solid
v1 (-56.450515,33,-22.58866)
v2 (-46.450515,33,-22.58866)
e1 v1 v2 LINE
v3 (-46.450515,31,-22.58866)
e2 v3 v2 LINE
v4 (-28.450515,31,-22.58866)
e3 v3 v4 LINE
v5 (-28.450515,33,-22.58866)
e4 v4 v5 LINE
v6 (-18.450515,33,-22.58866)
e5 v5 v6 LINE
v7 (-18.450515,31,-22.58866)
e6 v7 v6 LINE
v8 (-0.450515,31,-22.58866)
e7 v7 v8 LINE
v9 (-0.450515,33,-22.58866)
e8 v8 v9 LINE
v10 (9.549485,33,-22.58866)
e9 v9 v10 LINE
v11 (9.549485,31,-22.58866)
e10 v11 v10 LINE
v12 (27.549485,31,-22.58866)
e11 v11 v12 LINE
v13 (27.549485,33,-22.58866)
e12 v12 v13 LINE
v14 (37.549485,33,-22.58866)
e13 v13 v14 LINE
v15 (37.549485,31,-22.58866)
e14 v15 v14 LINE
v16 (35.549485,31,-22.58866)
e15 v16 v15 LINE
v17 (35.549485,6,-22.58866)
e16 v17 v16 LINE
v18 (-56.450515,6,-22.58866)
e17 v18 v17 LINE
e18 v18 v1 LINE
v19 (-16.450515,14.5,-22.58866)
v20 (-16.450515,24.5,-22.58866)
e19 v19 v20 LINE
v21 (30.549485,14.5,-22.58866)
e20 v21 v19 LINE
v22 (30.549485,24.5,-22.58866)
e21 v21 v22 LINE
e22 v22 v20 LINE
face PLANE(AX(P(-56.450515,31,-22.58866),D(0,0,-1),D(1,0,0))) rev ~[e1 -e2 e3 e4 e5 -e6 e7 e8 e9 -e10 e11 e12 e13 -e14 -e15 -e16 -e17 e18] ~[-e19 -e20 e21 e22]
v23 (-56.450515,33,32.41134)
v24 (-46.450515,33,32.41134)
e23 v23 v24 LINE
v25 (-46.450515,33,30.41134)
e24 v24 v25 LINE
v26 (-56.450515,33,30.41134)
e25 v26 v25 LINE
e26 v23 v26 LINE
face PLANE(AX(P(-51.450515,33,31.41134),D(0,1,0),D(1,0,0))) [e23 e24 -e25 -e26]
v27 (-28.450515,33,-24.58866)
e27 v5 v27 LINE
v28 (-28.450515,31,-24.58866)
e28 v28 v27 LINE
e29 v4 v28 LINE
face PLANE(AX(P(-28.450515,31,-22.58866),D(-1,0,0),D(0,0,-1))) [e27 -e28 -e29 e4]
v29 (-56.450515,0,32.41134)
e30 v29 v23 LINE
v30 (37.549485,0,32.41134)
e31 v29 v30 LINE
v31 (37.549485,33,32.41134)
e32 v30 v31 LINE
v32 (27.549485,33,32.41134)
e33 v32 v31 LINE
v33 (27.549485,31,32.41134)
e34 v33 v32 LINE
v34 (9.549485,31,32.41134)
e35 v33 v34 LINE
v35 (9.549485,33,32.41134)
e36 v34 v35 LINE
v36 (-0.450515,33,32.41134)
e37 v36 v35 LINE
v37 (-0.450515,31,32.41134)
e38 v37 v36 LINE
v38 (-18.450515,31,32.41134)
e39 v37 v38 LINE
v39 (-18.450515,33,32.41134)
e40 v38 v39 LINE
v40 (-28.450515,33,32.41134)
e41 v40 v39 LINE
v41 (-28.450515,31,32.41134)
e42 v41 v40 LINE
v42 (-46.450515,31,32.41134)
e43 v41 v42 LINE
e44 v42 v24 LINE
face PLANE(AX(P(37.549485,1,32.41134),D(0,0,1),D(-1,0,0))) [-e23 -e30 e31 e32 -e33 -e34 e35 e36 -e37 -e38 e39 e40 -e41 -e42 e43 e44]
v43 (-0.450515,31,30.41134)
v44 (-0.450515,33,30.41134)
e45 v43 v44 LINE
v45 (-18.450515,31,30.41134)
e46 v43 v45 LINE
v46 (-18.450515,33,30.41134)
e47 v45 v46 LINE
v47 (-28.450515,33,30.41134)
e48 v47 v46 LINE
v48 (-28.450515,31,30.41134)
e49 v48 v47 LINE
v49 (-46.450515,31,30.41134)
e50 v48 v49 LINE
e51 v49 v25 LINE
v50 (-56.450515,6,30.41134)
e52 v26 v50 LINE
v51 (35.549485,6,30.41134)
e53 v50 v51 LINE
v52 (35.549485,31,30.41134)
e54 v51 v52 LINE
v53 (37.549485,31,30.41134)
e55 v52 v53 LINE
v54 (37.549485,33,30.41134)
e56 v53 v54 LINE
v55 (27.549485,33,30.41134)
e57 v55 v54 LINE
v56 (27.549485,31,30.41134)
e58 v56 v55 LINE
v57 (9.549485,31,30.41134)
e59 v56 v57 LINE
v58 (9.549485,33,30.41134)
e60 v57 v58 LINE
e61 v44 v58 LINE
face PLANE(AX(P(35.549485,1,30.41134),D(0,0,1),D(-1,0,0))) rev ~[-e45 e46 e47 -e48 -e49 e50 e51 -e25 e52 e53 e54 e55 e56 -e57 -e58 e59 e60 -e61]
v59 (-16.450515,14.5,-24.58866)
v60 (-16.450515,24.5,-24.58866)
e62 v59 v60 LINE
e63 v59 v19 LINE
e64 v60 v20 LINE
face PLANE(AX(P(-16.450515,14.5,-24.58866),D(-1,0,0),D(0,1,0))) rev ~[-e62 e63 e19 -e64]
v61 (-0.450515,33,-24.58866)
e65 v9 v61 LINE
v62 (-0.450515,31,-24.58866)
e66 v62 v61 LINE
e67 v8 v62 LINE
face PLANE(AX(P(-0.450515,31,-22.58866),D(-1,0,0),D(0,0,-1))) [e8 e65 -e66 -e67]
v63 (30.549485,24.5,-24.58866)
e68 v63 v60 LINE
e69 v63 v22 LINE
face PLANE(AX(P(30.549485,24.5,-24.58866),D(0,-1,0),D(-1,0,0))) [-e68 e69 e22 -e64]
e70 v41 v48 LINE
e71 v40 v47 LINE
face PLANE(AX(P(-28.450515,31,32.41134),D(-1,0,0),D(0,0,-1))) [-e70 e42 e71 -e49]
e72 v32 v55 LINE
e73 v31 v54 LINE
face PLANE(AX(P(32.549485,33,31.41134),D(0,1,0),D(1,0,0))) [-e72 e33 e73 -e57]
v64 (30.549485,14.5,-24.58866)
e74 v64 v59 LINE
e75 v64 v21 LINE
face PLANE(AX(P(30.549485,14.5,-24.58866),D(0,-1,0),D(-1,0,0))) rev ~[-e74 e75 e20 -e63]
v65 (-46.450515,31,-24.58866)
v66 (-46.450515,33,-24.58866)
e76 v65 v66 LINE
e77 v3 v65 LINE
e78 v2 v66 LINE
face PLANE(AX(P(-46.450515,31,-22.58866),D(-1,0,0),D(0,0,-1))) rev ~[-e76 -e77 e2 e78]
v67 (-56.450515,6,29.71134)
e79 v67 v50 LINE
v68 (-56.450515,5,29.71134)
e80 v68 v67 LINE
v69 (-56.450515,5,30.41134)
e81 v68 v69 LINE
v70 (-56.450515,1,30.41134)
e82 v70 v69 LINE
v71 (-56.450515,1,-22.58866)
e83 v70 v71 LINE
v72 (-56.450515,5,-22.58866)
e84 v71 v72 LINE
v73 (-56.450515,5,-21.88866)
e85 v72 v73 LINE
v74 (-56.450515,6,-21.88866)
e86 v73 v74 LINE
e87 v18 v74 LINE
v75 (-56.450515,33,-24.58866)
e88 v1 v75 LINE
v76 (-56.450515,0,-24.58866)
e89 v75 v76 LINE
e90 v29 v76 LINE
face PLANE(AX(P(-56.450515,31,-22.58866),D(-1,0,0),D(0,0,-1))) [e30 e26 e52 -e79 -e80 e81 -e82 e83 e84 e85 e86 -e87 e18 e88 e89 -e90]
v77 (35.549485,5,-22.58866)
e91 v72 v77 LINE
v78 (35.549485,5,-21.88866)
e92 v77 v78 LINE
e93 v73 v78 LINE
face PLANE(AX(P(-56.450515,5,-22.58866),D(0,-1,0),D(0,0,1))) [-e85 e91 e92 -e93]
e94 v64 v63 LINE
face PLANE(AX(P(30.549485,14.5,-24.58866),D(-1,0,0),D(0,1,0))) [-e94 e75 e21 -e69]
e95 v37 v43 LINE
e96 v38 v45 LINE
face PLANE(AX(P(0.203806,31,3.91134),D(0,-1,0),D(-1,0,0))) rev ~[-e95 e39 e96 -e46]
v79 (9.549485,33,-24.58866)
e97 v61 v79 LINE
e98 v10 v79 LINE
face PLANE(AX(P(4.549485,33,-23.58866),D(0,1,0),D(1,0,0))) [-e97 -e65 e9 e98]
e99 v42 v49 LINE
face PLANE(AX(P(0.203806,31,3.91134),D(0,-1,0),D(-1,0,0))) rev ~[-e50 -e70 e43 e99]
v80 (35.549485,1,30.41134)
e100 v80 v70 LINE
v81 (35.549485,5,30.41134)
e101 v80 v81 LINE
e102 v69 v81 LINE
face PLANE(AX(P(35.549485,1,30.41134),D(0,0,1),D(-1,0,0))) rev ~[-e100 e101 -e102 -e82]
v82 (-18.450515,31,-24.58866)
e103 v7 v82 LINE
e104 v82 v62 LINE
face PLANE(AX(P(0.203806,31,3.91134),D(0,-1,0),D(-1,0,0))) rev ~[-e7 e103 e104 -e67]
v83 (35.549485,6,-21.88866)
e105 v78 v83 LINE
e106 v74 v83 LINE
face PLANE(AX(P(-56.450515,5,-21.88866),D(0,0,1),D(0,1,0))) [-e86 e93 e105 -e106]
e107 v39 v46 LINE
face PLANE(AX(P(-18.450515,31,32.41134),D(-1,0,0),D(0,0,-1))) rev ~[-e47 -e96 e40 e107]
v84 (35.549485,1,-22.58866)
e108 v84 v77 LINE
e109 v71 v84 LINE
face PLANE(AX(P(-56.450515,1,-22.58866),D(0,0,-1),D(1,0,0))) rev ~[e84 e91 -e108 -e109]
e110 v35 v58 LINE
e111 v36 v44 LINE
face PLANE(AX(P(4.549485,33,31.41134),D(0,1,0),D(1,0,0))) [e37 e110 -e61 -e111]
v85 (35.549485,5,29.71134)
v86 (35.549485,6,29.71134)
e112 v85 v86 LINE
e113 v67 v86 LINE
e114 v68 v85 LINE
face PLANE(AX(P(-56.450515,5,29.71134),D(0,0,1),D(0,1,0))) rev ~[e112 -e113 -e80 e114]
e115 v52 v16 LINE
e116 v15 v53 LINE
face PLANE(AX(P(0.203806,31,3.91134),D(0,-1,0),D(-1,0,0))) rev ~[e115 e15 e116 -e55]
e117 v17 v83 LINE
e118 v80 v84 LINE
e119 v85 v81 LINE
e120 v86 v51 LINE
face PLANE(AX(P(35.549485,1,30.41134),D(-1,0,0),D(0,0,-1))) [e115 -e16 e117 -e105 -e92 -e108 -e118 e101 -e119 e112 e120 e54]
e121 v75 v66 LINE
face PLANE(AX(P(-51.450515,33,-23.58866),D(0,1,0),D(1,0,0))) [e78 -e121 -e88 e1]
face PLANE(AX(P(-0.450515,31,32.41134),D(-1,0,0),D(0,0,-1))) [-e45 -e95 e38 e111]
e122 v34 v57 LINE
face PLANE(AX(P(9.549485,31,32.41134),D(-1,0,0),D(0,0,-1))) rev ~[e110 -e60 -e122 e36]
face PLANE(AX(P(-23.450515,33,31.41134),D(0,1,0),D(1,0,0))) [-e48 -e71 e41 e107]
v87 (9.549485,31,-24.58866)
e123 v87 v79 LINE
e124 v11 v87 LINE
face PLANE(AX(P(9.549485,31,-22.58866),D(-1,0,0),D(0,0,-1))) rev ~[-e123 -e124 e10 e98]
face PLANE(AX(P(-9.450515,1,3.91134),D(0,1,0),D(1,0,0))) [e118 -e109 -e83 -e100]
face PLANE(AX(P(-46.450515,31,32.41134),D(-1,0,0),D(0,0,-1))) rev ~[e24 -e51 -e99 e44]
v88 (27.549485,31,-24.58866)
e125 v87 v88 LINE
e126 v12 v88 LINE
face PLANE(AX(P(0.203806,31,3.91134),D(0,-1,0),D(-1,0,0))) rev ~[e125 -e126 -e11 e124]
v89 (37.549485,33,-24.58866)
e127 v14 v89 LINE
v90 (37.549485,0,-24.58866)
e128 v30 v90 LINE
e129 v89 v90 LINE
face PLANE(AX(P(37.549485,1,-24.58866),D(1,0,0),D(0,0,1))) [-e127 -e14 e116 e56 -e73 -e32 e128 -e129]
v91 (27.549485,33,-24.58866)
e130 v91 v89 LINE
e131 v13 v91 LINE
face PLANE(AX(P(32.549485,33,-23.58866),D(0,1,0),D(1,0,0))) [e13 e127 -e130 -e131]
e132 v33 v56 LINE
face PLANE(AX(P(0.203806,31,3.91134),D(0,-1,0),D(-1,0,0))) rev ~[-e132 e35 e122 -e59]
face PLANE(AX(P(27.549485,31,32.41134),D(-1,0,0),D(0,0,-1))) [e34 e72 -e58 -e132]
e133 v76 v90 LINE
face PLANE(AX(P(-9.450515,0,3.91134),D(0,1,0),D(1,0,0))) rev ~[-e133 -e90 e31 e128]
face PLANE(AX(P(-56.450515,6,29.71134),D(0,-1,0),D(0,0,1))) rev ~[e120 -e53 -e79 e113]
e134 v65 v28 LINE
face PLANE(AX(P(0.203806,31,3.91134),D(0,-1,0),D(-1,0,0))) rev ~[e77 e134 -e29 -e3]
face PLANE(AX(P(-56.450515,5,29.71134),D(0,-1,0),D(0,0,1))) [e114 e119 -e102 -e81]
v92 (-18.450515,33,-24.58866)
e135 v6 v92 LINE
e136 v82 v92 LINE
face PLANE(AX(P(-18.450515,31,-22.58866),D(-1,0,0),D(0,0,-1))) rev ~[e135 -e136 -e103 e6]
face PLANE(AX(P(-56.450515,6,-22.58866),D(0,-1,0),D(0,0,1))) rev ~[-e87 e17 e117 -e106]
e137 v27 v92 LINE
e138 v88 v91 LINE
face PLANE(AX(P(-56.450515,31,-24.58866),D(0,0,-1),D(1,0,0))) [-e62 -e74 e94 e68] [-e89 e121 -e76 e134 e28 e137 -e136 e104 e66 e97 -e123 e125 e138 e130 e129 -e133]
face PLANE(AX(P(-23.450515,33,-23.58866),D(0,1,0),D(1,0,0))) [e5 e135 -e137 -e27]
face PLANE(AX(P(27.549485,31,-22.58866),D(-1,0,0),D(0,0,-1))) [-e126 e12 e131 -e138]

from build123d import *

# Parameters (mm, degrees)
SKETCH1_W           = 94
SKETCH1_H           = 57
BOSS_EXTRUDE1_DEPTH = 1
BOSS_EXTRUDE3_DEPTH = 30
SKETCH5_W           = 0.7
SKETCH5_H           = 1
BOSS_EXTRUDE4_DEPTH = 92
SKETCH6_W           = 47
SKETCH6_H           = 10
CUT_EXTRUDE2_DEPTH  = 30
SKETCH7_W           = 10
SKETCH7_H           = 2
BOSS_EXTRUDE5_DEPTH = 2


with BuildPart() as part:
    # Sketch1 → Boss-Extrude1 (new body)
    with BuildSketch(Plane(origin=(0, 0, 0), x_dir=(1, 0, 0), z_dir=(0, 1, 0))):
        with Locations((-9.450515464, -3.911340206)):
            Rectangle(SKETCH1_W, SKETCH1_H)
    extrude(amount=BOSS_EXTRUDE1_DEPTH)

    # Sketch2 → Boss-Extrude3 (add)
    with BuildSketch(Plane(origin=(0, 1, 0), x_dir=(1, 0, 0), z_dir=(0, 1, 0))):
        Polygon((-56.450515464, 24.588659794), (37.549484536, 24.588659794), (37.549484536, -32.411340206), (-56.450515464, -32.411340206), (-56.450515464, -30.411340206), (-54.450515464, -30.411340206), (35.549484536, -30.411340206), (35.549484536, 22.588659794), (-54.450515464, 22.588659794), (-56.450515464, 22.588659794), align=None)
    extrude(amount=BOSS_EXTRUDE3_DEPTH)

    # Sketch5 → Boss-Extrude4 (add)
    with BuildSketch(Plane.ZY.offset(56.450515464)):
        with Locations((-22.238659794, 5.5)):
            Rectangle(SKETCH5_W, SKETCH5_H)
        with Locations((30.061340206, 5.5)):
            Rectangle(SKETCH5_W, SKETCH5_H)
    extrude(amount=-BOSS_EXTRUDE4_DEPTH)

    # Sketch6 → Cut-Extrude2 (cut)
    with BuildSketch(Plane(origin=(0, 0, -24.588659794), x_dir=(-1, 0, 0), z_dir=(0, 0, -1))):
        with Locations((-7.049484536, 19.5)):
            Rectangle(SKETCH6_W, SKETCH6_H)
    extrude(amount=-CUT_EXTRUDE2_DEPTH, mode=Mode.SUBTRACT)

    # Sketch7 → Boss-Extrude5 (add)
    with BuildSketch(Plane(origin=(0, 31, 0), x_dir=(1, 0, 0), z_dir=(0, 1, 0))):
        with Locations((-51.450515464, 23.588659794)):
            Rectangle(SKETCH7_W, SKETCH7_H)
        with Locations((-23.450515464, 23.588659794)):
            Rectangle(SKETCH7_W, SKETCH7_H)
        with Locations((4.549484536, 23.588659794)):
            Rectangle(SKETCH7_W, SKETCH7_H)
        with Locations((32.549484536, 23.588659794)):
            Rectangle(SKETCH7_W, SKETCH7_H)
        with Locations((-51.450515464, -31.411340206)):
            Rectangle(SKETCH7_W, SKETCH7_H)
        with Locations((-23.450515464, -31.411340206)):
            Rectangle(SKETCH7_W, SKETCH7_H)
        with Locations((4.549484536, -31.411340206)):
            Rectangle(SKETCH7_W, SKETCH7_H)
        with Locations((32.549484536, -31.411340206)):
            Rectangle(SKETCH7_W, SKETCH7_H)
    extrude(amount=BOSS_EXTRUDE5_DEPTH)


solid = part.part
